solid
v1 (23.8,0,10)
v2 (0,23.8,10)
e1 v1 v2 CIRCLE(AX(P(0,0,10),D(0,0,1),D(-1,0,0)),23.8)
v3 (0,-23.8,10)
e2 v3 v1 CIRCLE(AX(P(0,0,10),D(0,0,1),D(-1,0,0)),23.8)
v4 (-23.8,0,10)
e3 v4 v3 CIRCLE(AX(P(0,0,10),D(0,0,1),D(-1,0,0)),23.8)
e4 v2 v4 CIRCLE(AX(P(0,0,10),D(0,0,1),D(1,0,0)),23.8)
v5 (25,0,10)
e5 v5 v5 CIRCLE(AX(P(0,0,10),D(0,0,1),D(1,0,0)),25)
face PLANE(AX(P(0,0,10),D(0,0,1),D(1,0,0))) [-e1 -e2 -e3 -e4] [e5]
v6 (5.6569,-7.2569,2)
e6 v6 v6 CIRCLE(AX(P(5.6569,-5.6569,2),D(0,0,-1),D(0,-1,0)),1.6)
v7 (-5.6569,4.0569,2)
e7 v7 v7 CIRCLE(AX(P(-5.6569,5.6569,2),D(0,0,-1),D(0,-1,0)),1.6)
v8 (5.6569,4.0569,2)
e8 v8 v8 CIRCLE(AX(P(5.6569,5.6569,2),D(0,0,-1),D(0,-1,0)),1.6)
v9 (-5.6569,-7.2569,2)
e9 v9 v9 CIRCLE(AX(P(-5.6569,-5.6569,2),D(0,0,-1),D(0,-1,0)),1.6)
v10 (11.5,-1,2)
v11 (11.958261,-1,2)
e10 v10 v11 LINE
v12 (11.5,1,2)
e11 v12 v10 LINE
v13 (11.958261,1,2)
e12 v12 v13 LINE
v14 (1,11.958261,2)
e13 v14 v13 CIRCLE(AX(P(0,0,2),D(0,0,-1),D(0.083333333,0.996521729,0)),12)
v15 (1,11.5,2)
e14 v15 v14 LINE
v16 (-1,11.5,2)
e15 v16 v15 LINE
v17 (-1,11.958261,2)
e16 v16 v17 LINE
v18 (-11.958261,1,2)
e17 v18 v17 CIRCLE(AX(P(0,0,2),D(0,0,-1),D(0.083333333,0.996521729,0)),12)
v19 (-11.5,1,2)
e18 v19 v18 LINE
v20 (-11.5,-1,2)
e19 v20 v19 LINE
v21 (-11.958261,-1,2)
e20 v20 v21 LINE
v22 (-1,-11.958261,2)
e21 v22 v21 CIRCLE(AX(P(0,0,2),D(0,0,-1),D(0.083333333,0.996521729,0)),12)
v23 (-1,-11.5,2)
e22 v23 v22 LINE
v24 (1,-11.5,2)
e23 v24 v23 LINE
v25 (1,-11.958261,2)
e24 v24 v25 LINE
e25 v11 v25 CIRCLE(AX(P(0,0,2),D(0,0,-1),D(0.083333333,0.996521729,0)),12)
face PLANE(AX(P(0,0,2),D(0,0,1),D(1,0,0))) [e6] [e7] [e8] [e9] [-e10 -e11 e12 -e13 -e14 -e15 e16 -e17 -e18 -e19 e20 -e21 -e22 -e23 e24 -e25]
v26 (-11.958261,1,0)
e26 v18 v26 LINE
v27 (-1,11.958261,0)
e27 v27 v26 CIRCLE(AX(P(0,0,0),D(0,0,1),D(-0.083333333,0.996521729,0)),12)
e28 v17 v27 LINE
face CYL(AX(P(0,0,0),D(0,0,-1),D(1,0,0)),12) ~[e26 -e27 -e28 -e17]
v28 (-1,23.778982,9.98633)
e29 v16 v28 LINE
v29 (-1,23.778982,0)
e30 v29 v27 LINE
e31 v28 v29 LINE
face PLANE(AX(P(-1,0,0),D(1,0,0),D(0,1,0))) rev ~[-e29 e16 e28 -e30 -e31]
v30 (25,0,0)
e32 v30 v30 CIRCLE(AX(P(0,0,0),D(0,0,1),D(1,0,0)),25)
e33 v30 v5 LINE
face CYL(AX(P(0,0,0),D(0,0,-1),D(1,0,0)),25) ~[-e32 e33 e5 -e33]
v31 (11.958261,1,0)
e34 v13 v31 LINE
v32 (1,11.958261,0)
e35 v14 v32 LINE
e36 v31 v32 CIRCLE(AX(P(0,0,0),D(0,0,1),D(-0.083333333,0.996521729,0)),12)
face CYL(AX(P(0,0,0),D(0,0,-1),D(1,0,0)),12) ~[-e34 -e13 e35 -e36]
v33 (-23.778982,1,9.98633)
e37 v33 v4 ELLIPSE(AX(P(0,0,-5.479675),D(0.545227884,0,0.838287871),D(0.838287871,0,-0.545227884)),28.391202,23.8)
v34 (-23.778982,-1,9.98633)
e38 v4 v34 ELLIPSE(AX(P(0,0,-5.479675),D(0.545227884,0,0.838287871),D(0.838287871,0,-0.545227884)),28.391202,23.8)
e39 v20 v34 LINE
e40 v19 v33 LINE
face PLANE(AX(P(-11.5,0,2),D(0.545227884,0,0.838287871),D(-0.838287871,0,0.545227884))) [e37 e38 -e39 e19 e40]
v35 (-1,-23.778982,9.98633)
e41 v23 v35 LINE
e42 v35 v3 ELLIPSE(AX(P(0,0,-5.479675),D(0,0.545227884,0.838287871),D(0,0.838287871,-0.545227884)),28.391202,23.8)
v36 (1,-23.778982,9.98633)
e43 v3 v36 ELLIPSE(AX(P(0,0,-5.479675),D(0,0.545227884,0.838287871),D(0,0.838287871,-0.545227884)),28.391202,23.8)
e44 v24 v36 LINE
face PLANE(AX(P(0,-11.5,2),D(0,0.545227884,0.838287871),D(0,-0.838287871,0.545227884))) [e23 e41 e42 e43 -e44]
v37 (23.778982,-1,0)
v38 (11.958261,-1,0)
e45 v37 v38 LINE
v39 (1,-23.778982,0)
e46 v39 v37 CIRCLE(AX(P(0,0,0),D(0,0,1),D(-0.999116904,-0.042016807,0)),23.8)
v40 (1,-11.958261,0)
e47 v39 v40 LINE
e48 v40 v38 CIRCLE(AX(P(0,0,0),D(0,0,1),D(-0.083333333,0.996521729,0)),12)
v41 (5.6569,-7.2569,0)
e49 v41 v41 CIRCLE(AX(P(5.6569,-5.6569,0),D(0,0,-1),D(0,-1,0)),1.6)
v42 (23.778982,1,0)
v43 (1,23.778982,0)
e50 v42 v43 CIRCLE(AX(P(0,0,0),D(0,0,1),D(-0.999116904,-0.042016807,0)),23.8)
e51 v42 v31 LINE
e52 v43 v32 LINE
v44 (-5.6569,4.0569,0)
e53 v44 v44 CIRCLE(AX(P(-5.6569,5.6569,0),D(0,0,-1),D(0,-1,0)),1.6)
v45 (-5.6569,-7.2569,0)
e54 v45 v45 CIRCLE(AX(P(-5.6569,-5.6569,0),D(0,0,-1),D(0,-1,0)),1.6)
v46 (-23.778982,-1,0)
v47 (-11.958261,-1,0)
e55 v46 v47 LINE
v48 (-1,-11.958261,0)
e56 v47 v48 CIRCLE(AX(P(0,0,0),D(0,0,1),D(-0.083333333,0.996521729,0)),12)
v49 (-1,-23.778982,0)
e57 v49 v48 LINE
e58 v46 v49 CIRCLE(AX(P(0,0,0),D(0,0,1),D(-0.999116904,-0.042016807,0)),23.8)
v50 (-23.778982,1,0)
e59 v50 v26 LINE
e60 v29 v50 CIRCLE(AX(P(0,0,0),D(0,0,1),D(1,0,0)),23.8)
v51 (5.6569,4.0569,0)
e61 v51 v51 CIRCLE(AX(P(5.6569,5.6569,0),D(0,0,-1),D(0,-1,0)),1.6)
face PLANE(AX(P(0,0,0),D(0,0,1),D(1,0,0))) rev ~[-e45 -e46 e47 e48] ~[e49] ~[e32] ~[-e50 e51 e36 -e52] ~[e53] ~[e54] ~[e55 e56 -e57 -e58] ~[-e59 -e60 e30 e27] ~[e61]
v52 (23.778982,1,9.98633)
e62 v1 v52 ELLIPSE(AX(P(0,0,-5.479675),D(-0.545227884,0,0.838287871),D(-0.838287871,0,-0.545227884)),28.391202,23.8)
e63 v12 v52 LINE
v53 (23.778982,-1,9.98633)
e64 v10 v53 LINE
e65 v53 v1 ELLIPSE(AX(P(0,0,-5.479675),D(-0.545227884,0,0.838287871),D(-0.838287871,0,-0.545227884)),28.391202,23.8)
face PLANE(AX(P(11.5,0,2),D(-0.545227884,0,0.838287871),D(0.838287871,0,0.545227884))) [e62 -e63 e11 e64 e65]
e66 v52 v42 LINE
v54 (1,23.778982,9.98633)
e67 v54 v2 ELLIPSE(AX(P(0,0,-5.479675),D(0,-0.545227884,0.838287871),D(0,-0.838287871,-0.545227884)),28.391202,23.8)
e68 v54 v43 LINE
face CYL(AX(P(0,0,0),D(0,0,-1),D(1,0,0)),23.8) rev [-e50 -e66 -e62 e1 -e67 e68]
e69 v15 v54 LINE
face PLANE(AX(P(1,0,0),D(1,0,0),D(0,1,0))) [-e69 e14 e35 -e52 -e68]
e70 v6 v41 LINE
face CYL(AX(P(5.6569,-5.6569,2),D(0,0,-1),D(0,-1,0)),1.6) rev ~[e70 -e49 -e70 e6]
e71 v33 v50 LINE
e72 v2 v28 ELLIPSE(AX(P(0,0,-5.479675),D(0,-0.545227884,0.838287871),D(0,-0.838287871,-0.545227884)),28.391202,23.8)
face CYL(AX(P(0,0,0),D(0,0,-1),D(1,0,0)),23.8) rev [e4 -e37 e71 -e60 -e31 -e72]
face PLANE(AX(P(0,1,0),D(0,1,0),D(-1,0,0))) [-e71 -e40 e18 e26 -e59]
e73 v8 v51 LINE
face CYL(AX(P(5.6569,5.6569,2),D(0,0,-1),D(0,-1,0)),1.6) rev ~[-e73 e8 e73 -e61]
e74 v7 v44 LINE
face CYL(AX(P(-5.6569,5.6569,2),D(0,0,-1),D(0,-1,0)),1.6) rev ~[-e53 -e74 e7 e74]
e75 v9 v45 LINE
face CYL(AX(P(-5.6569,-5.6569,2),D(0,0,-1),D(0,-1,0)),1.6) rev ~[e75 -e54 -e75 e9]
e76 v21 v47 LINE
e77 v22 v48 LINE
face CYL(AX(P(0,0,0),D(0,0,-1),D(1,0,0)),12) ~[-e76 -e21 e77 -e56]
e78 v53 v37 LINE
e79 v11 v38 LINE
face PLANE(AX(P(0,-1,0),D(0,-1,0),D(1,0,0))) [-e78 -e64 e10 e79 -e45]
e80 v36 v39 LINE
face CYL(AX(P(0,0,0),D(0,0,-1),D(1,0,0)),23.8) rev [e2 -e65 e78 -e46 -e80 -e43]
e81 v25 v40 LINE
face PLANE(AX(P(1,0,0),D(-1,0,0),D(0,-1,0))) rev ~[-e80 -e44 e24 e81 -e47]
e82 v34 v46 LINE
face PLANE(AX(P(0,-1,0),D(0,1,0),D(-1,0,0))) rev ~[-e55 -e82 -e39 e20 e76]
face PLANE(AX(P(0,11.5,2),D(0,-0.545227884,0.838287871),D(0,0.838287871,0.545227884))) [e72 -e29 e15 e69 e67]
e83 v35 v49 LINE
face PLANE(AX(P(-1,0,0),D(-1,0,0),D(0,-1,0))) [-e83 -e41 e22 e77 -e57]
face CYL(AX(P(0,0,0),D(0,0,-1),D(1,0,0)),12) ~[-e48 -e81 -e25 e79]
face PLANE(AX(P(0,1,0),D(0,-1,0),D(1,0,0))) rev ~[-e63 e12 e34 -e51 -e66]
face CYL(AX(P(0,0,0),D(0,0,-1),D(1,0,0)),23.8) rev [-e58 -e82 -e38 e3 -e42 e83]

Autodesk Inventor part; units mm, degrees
ref_plane "YZ Plane" through (0, 0, 0) normal (1, 0, 0) x (0, 1, 0)
ref_plane "XZ Plane" through (0, 0, 0) normal (0, 1, 0) x (-1, 0, 0)
ref_plane "XY Plane" through (0, 0, 0) normal (0, 0, 1) x (1, 0, 0)
sketch "スケッチ1" plane through (0, 0, 0) normal (0, 0, 1) x (1, 0, 0)
  circle A0 centre (0, 0) radius 12
  dimension "d0" = 24
extrude "ハブ" add sketch "スケッチ1" along normal blind 2
sketch "スケッチ2" plane through (0, 0, 0) normal (0, 0, 1) x (1, 0, 0)
  circle A0 centre (0, 0) radius 25
  circle A1 centre (0, 0) radius 23.8
  dimension "d3" = 50
  dimension "d4" = 1.2
extrude "リム" add sketch "スケッチ2" along normal blind 10
sketch "スケッチ5" plane through (0, 0, 0) normal (1, 0, 0) x (0, 1, 0)
  line L0 (23.8, 10) -> (23.8, 0) projected
  line L1 (23.8, 10) -> (23.8, 0)
  line L2 (23.8, 0) -> (11.5, 0)
  line L3 (25, 0) -> (-25, 0) projected
  line L4 (11.5, 0) -> (11.5, 2)
  line L5 (11.5, 2) -> (23.8, 10)
  line L6 (12, 2) -> (-12, 2) projected
  point P0 (0, 0)
  point P1 (0, 0)
  dimension "d10" = 11.5
extrude "スポーク" add sketch "スケッチ5" along normal mid plane 2
pattern_circular "円形状パターン1" count 4 over 360 about axis through (0, 0, -10) along (0, 0, 1) of "スポーク"
sketch "スケッチ6" plane through (0, 0, 2) normal (0, 0, 1) x (1, 0, 0)
  circle A0 centre (0, 0) radius 8 construction
  line L0 (-13.4189, -13.4189) -> (13.4189, 13.4189) construction
  line L1 (-15.0493, 15.0493) -> (15.0493, -15.0493) construction
  line L2 (-16.6434, 0) -> (16.6434, 0) construction
  point P0 (5.6569, 5.6569)
  point P1 (-5.6569, 5.6569)
  point P2 (-5.6569, -5.6569)
  point P3 (5.6569, -5.6569)
  dimension "d16" = 16
  dimension "d17" = 45
  dimension "d18" = 45
hole "穴1" at (5.6569, 5.6569, 2) at (-5.6569, 5.6569, 2) at (-5.6569, -5.6569, 2) at (5.6569, -5.6569, 2) direction (0, 0, -1) diameter 3.2 end through all
equation "\"d18\" = d17"
properties part number "Wheel-D50A"
